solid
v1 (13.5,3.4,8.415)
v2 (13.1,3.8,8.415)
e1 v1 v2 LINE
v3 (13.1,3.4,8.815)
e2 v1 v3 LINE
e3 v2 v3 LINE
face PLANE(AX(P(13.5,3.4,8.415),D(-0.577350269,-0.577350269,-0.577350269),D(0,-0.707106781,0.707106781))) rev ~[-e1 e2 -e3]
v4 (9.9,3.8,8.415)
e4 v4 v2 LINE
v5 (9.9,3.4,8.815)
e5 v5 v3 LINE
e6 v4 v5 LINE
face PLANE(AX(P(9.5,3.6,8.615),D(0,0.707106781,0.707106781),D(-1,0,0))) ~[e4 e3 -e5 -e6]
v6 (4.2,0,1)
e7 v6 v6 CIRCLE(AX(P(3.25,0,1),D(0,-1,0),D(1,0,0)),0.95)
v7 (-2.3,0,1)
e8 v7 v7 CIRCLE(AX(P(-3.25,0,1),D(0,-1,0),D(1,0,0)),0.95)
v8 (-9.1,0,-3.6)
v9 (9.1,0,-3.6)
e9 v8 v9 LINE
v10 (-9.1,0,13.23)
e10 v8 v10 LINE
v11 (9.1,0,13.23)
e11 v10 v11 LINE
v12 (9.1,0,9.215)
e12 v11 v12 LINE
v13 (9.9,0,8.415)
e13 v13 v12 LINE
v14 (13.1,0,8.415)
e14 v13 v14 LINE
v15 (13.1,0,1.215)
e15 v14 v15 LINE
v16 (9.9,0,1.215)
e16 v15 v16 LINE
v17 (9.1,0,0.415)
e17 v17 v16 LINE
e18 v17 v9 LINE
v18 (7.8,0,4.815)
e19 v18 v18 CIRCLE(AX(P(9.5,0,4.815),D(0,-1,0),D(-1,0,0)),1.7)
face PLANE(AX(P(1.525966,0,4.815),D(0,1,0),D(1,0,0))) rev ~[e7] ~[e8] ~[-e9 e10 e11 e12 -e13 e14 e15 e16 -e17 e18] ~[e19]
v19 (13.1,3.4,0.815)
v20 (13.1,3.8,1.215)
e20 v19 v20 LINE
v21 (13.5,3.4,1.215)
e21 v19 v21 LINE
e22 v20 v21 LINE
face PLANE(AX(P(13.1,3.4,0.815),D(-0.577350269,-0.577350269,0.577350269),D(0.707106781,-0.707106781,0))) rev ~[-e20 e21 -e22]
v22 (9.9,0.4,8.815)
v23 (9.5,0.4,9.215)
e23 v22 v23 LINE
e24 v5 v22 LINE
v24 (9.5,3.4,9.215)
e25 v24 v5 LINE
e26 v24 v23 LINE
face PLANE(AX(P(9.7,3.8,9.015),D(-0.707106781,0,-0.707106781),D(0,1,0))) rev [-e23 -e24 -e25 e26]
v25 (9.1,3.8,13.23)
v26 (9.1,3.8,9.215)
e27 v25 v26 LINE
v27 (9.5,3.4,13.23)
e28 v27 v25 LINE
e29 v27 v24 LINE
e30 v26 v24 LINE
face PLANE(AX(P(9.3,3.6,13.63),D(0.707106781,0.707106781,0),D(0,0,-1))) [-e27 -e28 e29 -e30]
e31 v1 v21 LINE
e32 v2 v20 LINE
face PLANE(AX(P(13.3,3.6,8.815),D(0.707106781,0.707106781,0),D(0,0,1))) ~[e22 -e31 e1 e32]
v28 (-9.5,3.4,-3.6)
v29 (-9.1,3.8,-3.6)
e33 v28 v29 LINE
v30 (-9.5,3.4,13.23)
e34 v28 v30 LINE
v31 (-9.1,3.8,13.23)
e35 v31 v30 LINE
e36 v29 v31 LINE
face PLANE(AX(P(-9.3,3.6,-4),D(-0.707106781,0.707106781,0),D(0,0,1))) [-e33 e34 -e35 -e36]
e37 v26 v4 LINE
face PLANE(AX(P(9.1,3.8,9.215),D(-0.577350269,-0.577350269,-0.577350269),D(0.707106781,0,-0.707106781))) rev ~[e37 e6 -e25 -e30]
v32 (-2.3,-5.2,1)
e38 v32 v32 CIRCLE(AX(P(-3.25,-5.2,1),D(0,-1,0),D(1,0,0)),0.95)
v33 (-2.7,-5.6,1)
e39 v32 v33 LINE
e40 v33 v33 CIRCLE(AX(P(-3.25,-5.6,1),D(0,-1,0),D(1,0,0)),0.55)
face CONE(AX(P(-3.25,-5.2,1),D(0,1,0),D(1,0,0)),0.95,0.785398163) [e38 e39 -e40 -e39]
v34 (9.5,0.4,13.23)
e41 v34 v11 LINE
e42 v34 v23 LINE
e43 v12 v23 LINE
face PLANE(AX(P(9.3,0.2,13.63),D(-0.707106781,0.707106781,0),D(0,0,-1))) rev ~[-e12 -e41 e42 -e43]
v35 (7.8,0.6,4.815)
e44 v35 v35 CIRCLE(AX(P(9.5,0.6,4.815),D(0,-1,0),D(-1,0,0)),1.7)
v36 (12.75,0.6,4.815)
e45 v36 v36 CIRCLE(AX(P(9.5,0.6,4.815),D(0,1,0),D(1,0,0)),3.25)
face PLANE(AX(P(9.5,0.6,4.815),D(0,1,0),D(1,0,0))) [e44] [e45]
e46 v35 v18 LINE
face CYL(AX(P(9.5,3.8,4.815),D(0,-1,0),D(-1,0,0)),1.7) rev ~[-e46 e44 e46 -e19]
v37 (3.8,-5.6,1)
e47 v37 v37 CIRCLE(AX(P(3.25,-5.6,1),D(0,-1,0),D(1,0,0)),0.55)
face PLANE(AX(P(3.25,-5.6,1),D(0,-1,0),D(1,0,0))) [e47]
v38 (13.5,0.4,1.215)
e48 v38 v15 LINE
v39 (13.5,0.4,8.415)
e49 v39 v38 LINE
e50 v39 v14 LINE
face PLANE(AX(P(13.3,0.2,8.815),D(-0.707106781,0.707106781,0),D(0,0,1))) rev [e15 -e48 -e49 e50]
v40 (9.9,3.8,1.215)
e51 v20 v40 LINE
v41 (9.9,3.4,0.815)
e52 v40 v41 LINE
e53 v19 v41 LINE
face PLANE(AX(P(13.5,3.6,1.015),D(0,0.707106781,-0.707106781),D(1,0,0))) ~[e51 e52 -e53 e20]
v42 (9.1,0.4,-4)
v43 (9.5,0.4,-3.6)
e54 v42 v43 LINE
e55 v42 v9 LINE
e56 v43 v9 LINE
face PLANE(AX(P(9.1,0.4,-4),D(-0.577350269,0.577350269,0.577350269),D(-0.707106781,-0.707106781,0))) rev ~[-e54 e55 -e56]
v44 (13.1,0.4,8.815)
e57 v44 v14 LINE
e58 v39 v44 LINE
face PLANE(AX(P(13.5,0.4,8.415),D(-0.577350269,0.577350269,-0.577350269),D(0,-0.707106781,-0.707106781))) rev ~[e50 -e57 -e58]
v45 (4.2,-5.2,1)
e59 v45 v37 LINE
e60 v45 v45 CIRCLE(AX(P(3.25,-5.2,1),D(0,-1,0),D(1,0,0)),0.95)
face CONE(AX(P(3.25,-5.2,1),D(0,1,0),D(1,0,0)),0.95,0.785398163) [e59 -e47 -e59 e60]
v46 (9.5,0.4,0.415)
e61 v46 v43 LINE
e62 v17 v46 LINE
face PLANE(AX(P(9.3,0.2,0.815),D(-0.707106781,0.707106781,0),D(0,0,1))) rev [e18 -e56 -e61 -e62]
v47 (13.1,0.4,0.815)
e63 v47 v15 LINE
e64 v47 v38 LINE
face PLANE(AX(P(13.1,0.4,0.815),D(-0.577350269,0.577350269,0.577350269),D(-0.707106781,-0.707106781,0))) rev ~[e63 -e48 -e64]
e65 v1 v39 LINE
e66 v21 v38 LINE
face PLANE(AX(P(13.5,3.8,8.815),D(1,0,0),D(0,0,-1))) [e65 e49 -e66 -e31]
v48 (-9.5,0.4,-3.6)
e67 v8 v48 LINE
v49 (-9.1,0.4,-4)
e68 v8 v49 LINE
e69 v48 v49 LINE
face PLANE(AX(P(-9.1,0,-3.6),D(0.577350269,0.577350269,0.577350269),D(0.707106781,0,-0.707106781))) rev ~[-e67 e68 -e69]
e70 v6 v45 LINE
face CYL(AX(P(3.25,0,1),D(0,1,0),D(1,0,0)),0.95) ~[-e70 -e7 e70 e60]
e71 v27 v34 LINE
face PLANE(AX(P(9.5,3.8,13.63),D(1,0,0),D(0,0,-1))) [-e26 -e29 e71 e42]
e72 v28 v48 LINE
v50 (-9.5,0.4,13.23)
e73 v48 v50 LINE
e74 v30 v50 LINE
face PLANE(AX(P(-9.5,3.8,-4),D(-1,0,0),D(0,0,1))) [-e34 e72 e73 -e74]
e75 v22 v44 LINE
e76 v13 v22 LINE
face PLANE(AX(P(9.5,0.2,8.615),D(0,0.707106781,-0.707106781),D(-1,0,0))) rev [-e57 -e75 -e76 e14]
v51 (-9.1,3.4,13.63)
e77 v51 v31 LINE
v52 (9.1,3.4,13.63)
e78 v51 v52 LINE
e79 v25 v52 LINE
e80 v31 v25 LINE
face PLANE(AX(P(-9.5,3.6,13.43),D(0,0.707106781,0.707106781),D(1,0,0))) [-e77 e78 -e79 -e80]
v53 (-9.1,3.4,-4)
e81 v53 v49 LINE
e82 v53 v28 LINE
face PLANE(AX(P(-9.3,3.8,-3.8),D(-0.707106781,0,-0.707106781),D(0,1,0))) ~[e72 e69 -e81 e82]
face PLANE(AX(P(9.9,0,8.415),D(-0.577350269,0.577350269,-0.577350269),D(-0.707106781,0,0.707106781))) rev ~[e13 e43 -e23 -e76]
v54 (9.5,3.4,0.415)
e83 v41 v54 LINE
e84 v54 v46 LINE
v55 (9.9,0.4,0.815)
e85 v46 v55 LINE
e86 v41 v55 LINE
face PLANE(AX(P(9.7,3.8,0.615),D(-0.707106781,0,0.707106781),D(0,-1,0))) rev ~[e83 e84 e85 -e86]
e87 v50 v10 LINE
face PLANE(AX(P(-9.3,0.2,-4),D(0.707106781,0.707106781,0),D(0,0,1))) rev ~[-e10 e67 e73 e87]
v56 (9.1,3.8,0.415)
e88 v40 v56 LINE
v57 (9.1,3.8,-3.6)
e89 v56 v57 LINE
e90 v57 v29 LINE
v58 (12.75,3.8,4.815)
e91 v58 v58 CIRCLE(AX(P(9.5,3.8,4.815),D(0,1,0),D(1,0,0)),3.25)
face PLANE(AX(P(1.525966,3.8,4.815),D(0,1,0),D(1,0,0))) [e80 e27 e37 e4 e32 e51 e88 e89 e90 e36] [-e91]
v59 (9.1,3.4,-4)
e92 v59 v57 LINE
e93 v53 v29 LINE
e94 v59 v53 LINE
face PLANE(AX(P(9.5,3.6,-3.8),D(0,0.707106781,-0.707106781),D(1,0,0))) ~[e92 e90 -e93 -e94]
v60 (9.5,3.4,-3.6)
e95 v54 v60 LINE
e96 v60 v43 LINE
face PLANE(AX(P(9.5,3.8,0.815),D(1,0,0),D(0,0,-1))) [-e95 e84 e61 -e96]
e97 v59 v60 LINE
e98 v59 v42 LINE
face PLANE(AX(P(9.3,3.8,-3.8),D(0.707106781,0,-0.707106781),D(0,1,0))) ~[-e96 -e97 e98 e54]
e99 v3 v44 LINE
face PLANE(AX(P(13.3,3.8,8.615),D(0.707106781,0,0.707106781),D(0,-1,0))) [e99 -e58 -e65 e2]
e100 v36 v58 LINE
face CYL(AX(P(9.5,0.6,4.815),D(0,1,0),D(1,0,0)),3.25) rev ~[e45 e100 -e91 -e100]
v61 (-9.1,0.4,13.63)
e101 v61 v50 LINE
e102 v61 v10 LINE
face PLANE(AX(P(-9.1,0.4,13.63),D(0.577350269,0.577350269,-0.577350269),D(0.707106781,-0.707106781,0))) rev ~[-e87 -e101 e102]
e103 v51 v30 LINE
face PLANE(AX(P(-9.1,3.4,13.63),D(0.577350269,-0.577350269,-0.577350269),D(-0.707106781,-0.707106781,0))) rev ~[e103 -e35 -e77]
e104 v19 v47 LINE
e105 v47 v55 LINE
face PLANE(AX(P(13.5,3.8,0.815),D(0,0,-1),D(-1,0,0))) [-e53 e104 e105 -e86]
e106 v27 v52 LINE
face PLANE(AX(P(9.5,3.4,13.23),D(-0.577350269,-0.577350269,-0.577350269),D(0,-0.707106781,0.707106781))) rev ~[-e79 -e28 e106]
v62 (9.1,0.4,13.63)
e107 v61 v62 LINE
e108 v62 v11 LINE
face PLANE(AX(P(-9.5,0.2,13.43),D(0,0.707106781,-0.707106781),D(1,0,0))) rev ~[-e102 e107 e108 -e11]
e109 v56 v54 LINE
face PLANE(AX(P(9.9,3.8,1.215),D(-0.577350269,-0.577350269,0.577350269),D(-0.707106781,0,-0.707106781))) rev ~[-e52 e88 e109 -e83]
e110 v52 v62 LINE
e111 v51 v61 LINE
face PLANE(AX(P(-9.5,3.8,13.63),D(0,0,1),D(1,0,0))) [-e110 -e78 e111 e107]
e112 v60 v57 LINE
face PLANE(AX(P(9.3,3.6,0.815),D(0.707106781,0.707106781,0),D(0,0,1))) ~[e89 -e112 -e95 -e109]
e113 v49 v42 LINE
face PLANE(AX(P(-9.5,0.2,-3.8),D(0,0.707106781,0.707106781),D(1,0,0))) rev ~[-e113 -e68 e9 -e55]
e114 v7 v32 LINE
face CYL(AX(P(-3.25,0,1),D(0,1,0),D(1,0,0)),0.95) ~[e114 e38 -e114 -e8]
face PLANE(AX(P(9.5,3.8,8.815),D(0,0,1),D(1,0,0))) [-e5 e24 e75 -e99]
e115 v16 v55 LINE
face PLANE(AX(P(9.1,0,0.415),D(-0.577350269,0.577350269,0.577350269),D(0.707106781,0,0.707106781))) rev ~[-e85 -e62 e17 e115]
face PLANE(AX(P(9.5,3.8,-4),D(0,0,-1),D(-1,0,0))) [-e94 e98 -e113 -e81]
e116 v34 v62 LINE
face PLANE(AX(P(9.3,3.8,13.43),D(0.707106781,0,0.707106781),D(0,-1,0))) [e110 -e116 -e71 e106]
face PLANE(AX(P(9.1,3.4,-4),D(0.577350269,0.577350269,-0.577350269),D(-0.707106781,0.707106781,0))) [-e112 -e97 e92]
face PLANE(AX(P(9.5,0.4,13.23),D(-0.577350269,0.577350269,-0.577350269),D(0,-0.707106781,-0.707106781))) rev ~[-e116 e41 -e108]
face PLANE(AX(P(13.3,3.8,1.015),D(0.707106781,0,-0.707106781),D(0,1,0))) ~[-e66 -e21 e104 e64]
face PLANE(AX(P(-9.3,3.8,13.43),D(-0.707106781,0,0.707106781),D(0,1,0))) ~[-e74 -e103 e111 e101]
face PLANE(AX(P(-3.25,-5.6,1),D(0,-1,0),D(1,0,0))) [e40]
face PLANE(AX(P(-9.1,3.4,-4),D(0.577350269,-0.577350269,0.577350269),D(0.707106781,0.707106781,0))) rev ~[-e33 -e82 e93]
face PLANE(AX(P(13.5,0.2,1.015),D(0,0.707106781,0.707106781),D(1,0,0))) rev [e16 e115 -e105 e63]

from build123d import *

# Parameters (mm, degrees)
SKETCH1_W                      = 13
SKETCH1_H                      = 8
BOSS_EXTRUDE1_DEPTH            = 3.8
SKETCH2_R                      = 0.95
BOSS_EXTRUDE2_DEPTH            = 5.6
BOSS_EXTRUDE5_DEPTH            = 3.8
CBORE_FOR_M3_SHCS1_D           = 3.4
CBORE_FOR_M3_SHCS1_CBORE_D     = 6.5
CBORE_FOR_M3_SHCS1_CBORE_DEPTH = 3.2
CHAMFER4_SIZE                  = 0.4


with BuildPart() as part:
    # Sketch1 → Boss-Extrude1 (new body)
    with BuildSketch(Plane(origin=(0, 0, 0), x_dir=(1, 0, 0), z_dir=(0, 1, 0))):
        Rectangle(SKETCH1_W, SKETCH1_H)
    extrude(amount=BOSS_EXTRUDE1_DEPTH)

    # Sketch2 → Boss-Extrude2 (add)
    with BuildSketch(Plane.XZ):
        with Locations((3.25, 1)):
            Circle(SKETCH2_R)
        with Locations((-3.25, 1)):
            Circle(SKETCH2_R)
    extrude(amount=BOSS_EXTRUDE2_DEPTH)

    # Sketch8 → Boss-Extrude5 (add)
    with BuildSketch(Plane(origin=(0, 3.8, 0), x_dir=(1, 0, 0), z_dir=(0, 1, 0))):
        Polygon((-9.5, -13.63), (9.5, -13.63), (9.5, -8.815), (13.5, -8.815), (13.5, -0.815), (9.5, -0.815), (9.5, 4), (-9.5, 4), align=None)
    extrude(amount=-BOSS_EXTRUDE5_DEPTH)

    # CBORE for M3 SHCS1 (through all)
    with Locations(Plane(origin=(0, 3.8, 0), x_dir=(1, 0, 0), z_dir=(0, 1, 0))):
        with Locations((9.5, -4.815)):
            CounterBoreHole(CBORE_FOR_M3_SHCS1_D / 2, CBORE_FOR_M3_SHCS1_CBORE_D / 2, CBORE_FOR_M3_SHCS1_CBORE_DEPTH)

    # Chamfer4
    chamfer4_edges = [part.edges().sort_by_distance(p)[0] for p in [
        (2.3, -5.6, 1),
        (-4.2, -5.6, 1),
        (-9.5, 3.8, 4.815),
        (0, 3.8, 13.63),
        (9.5, 3.8, 11.2225),
        (11.5, 3.8, 8.815),
        (13.5, 3.8, 4.815),
        (11.5, 3.8, 0.815),
        (9.5, 3.8, -1.5925),
        (-9.5, 1.9, -4),
        (-9.5, 0, 4.815),
        (-9.5, 1.9, 13.63),
        (0, 0, 13.63),
        (9.5, 1.9, 13.63),
        (9.5, 0, 11.2225),
        (9.5, 1.9, 8.815),
        (11.5, 0, 8.815),
        (13.5, 1.9, 8.815),
        (13.5, 0, 4.815),
        (13.5, 1.9, 0.815),
        (11.5, 0, 0.815),
        (9.5, 1.9, 0.815),
        (9.5, 0, -1.5925),
        (9.5, 1.9, -4),
        (0, 0, -4),
        (0, 3.8, -4),
    ]]
    chamfer(chamfer4_edges, length=CHAMFER4_SIZE)


solid = part.part
